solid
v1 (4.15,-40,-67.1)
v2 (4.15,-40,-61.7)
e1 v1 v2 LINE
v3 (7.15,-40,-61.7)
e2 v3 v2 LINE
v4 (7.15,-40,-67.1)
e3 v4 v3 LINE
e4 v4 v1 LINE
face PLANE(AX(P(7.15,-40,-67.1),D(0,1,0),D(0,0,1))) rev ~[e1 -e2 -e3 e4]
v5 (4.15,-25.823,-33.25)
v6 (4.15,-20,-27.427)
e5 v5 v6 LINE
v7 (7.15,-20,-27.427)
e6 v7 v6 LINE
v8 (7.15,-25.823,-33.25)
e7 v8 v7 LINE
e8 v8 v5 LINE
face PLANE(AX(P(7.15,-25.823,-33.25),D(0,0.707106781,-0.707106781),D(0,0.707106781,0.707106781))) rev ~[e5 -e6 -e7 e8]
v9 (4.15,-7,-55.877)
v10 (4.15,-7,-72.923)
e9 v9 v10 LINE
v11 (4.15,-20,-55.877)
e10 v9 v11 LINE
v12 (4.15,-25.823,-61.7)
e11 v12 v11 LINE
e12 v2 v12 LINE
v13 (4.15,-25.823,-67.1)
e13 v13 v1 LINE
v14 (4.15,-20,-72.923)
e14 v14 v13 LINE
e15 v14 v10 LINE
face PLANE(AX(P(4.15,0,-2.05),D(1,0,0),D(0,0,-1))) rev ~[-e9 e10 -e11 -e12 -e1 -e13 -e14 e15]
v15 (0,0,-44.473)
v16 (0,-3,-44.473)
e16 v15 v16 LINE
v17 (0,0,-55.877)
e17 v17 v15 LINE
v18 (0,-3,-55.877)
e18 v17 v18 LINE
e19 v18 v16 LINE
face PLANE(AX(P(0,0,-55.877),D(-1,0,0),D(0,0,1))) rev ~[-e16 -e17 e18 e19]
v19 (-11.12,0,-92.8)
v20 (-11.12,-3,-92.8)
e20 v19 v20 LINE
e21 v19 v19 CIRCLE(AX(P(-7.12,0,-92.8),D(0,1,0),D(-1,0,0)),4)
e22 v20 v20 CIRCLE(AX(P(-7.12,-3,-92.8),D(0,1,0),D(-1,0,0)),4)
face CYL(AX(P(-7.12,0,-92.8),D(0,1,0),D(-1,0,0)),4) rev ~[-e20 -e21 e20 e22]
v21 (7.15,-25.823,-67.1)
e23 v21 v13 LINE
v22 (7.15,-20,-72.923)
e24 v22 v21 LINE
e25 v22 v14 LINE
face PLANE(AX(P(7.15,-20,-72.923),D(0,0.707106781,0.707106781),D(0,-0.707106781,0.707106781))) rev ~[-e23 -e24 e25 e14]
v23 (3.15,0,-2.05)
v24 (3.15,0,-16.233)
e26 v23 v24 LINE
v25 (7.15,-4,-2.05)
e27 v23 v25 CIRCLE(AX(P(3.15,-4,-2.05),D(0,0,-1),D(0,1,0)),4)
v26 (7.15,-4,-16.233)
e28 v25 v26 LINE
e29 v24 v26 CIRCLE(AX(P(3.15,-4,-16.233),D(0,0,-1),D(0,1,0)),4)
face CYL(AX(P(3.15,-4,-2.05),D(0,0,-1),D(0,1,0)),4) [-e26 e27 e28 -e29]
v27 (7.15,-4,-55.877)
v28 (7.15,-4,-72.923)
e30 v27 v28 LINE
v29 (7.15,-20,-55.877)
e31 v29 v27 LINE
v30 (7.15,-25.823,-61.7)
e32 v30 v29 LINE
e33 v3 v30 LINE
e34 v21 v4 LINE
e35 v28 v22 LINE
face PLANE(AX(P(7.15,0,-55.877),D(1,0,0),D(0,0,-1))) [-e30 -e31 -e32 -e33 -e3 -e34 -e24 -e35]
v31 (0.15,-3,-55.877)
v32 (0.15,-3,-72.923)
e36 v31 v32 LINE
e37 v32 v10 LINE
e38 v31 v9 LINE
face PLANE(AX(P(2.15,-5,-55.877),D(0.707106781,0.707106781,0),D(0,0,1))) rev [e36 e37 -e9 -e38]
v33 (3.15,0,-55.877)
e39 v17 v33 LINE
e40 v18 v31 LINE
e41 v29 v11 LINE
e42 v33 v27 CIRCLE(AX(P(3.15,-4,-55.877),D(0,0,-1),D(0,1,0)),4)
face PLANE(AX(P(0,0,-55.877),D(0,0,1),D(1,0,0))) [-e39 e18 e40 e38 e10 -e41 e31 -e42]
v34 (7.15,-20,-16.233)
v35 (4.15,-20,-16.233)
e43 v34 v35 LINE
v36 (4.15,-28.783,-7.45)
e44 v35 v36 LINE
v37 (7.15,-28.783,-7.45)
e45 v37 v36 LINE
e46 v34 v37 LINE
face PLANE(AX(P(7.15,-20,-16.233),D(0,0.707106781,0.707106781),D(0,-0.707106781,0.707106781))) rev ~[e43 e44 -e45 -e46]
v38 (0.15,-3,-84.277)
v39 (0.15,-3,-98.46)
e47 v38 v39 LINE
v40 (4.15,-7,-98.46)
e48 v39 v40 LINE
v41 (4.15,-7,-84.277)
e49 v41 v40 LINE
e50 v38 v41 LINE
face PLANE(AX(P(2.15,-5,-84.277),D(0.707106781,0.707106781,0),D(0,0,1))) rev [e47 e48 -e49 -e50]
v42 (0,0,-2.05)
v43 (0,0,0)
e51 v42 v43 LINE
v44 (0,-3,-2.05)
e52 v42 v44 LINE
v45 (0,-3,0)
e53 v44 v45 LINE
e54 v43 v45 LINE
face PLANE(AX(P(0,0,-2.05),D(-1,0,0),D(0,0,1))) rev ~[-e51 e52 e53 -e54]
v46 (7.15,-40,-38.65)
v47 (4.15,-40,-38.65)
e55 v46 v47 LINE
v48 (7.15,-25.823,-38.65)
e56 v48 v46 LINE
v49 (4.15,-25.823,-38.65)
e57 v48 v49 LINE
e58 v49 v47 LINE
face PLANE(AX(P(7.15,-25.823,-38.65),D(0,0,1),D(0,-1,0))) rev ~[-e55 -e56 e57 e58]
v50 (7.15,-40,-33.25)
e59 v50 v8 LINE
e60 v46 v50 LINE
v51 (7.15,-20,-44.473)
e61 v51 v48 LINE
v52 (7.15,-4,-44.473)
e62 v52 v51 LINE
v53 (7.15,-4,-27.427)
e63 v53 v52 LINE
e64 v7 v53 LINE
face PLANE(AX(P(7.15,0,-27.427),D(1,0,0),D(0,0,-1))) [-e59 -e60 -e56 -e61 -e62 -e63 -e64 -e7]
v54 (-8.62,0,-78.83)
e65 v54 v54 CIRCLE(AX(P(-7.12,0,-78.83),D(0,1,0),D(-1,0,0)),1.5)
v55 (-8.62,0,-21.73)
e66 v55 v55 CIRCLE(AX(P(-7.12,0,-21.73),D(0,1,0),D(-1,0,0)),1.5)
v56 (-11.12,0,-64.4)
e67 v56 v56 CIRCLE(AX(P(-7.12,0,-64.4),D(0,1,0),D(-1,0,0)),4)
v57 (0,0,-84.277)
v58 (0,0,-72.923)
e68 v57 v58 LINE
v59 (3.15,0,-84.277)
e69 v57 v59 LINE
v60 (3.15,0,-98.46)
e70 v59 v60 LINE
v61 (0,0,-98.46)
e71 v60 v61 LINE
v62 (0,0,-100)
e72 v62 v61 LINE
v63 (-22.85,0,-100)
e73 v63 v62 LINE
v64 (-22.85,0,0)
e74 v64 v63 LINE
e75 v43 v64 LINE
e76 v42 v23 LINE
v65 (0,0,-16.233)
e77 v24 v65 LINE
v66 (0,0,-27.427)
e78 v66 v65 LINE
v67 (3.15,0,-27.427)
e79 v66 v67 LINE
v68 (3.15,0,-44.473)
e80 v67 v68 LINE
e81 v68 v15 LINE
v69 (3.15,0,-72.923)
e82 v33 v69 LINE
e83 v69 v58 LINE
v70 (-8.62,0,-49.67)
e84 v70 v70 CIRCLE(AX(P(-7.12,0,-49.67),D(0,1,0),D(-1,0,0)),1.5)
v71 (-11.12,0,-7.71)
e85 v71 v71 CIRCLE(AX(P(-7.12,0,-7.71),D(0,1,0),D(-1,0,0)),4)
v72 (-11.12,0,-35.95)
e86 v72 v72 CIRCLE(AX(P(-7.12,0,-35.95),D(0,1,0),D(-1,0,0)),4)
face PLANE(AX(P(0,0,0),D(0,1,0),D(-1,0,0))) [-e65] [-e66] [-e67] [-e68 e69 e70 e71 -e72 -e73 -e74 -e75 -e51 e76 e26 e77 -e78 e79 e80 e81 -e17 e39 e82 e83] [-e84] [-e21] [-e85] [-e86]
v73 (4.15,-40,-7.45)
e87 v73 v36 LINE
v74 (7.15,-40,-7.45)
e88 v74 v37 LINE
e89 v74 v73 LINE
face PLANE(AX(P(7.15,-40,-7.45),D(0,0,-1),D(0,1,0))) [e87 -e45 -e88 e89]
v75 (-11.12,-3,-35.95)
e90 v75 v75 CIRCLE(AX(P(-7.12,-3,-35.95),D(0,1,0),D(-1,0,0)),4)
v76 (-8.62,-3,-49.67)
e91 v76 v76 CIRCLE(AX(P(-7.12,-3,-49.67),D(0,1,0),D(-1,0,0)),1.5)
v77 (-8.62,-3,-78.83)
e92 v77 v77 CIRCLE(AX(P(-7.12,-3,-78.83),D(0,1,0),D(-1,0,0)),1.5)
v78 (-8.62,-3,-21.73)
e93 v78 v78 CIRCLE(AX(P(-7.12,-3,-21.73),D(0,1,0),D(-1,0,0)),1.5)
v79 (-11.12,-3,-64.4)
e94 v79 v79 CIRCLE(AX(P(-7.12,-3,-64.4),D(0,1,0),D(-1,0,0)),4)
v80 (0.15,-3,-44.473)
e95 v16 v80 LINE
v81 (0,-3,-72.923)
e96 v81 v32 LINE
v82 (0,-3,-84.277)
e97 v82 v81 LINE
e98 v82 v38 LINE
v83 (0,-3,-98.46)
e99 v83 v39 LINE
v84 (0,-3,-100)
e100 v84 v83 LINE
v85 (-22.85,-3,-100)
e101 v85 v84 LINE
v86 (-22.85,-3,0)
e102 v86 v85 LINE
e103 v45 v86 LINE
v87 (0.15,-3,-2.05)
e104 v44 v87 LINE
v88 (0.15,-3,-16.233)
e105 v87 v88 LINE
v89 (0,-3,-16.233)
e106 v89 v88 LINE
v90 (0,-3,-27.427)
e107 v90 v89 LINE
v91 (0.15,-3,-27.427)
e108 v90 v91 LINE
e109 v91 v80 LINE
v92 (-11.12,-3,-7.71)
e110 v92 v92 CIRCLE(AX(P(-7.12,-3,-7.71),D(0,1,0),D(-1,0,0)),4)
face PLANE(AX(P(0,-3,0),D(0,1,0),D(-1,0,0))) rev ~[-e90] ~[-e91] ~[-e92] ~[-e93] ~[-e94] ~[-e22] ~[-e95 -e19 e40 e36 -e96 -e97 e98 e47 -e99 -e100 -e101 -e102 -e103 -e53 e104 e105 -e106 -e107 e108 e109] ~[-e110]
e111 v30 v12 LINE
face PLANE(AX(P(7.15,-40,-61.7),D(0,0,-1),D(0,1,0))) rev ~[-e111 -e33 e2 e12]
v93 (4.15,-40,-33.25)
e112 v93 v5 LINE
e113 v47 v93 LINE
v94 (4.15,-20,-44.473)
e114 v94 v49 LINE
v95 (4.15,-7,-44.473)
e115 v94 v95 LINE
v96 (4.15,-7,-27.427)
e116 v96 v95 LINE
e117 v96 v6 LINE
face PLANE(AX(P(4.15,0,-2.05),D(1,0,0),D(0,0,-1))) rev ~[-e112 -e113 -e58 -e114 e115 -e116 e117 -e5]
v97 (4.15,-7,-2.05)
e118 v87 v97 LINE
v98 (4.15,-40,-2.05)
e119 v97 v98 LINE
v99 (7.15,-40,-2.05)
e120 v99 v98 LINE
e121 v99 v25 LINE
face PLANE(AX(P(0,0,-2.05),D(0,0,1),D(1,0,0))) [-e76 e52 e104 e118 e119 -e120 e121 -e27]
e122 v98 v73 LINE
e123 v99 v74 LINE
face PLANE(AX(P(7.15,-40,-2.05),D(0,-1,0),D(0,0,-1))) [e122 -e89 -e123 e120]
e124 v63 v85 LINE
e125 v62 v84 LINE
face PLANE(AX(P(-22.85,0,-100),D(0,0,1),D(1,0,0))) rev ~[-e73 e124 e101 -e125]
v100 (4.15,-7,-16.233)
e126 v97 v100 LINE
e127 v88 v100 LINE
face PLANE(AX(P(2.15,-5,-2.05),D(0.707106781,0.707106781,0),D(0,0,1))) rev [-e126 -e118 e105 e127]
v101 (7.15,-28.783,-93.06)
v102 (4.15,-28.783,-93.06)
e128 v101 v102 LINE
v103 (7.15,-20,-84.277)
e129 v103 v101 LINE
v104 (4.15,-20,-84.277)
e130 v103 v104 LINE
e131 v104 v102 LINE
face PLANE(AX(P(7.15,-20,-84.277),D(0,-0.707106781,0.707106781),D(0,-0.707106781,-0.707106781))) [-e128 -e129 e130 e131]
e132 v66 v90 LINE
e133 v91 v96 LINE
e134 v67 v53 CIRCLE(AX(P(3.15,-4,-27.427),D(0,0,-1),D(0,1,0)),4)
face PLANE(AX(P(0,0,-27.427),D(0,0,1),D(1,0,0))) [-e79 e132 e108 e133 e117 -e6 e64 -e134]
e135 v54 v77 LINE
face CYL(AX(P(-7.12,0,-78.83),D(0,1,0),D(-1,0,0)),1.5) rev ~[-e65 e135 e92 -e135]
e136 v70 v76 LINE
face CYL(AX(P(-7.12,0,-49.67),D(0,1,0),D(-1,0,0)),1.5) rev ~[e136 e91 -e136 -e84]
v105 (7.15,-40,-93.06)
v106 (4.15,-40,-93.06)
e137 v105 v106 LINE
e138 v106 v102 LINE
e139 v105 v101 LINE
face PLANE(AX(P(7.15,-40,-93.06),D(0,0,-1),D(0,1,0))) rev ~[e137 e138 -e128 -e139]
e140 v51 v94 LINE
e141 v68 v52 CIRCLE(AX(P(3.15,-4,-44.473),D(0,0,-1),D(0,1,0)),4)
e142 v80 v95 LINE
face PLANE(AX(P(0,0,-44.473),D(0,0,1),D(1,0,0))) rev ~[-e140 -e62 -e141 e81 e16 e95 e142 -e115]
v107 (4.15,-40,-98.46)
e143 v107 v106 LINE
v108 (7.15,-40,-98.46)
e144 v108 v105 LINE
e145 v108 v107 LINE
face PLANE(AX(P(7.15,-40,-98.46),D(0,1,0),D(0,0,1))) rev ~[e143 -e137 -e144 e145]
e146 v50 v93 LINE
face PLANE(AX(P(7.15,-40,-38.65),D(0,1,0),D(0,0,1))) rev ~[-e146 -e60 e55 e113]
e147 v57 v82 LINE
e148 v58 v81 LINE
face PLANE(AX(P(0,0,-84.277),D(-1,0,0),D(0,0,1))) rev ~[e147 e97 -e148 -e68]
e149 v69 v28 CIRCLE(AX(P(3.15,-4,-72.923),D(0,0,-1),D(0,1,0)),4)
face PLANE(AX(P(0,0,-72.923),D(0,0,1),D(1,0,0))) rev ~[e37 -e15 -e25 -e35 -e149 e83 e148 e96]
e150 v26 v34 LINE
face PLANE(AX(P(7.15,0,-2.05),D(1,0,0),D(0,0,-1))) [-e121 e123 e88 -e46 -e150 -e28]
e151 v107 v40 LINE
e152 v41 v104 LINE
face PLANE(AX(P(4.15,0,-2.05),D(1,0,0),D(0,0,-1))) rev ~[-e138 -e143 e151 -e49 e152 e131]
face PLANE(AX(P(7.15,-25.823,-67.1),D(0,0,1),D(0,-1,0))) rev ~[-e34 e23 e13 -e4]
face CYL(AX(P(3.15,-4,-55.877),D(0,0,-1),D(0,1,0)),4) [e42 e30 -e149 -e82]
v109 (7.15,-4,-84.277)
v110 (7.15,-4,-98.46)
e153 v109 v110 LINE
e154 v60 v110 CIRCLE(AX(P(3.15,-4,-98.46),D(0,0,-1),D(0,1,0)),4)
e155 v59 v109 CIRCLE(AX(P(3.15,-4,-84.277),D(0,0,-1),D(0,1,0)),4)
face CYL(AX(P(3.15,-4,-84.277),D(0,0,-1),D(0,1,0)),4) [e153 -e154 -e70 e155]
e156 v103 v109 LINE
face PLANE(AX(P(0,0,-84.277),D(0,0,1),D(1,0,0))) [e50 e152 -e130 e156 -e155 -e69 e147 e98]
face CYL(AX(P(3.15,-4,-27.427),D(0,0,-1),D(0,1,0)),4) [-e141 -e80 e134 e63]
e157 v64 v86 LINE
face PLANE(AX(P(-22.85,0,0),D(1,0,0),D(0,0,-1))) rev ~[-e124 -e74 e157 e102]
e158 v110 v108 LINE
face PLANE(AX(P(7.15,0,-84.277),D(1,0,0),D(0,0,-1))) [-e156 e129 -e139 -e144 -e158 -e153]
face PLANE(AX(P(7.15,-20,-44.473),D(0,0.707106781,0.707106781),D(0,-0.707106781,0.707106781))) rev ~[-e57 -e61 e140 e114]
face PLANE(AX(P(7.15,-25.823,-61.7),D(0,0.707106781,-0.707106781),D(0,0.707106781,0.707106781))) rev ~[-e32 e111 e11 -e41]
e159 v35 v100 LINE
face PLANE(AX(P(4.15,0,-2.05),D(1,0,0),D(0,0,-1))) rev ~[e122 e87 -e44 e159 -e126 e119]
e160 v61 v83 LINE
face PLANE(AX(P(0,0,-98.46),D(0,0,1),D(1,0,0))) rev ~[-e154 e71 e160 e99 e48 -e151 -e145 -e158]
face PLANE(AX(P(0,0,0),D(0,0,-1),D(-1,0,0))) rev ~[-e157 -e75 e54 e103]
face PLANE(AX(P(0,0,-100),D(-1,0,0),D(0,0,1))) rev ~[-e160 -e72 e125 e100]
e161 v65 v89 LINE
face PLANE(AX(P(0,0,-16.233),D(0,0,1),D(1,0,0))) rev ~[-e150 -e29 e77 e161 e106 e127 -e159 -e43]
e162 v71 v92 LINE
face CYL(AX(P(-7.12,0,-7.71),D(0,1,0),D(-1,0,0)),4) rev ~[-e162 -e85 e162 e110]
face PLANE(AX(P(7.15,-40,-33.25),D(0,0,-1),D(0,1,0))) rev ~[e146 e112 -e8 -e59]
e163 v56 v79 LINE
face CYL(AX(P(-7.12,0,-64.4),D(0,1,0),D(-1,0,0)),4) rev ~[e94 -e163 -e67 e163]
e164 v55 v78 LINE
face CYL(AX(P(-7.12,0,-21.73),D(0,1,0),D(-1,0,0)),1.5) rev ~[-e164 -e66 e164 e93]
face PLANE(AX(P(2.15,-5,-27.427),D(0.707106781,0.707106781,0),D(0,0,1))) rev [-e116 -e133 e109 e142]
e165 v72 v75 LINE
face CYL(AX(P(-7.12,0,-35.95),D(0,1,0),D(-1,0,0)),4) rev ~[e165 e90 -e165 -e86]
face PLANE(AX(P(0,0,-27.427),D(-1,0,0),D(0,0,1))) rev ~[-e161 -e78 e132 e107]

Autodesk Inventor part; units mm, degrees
ref_plane "YZ Plane" through (0, 0, 0) normal (1, 0, 0) x (0, 1, 0)
sketch "Sketch1" plane through (0, 0, 0) normal (0, 1, 0) x (-1, 0, 0)
  line L0 (0, 0) -> (22.85, 0)
  line L1 (22.85, 0) -> (22.85, -100)
  line L2 (22.85, -100) -> (0, -100)
  line L3 (0, -100) -> (0, 0)
  circle A0 centre (7.12, -92.8) radius 4
  circle A1 centre (7.12, -64.4) radius 4
  circle A2 centre (7.12, -35.95) radius 4
  circle A3 centre (7.12, -7.71) radius 4
  circle A4 centre (7.12, -21.73) radius 1.5
  circle A5 centre (7.12, -49.67) radius 1.5
  circle A6 centre (7.12, -78.83) radius 1.5
  line L4 (7.12, -7.71) -> (-9.9799, -7.71) construction
  line L5 (7.12, -35.95) -> (-7.15, -35.95) construction
  line L6 (7.12, -64.4) -> (-7.15, -64.4) construction
  line L7 (7.12, -92.8) -> (-7.15, -92.8) construction
  line L8 (0, -27.427) -> (-7.15, -27.427)
  line L9 (0, -44.473) -> (-7.15, -44.473)
  line L10 (0, -55.877) -> (-7.15, -55.877)
  line L11 (0, -72.923) -> (-7.15, -72.923)
  line L12 (0, -84.277) -> (-7.15, -84.277)
  line L13 (0, -98.46) -> (-7.15, -98.46)
  line L14 (0, -2.05) -> (-7.15, -2.05)
  line L15 (0, -16.233) -> (-7.15, -16.233)
  line L16 (-7.15, -2.05) -> (-7.15, -16.233)
  line L17 (-7.15, -27.427) -> (-7.15, -44.473)
  line L18 (-7.15, -55.877) -> (-7.15, -72.923)
  line L19 (-7.15, -84.277) -> (-7.15, -98.46)
  line L20 (-7.15, 0) -> (-7.15, -100) construction
  dimension "d0" = 22.85
  dimension "d1" = 100
  dimension "d2" = 8
  dimension "d3" = 8
  dimension "d4" = 8
  dimension "d5" = 8
  dimension "d7" = 0
  dimension "d8" = 0
  dimension "d9" = 0
  dimension "d10" = 7.71
  dimension "d11" = 35.95
  dimension "d12" = 64.4
  dimension "d13" = 92.8
  dimension "d14" = 3
  dimension "d15" = 3
  dimension "d16" = 3
  dimension "d17" = 7.12
  dimension "d18" = 7.12
  dimension "d19" = 0
  dimension "d20" = 0
  dimension "d21" = 21.73
  dimension "d22" = 49.67
  dimension "d23" = 78.83
  dimension "d28" = 8.523
  dimension "d29" = 8.523
  dimension "d30" = 8.523
  dimension "d31" = 8.523
  dimension "d32" = 8.523
  dimension "d33" = 5.66
  dimension "d34" = 5.66
  dimension "d35" = 8.523
  dimension "d36" = 100
  dimension "d42" = 7.15
extrude "Extrusion1" add sketch "Sketch1" against normal blind 3
ref_plane "Work Plane2" through (7.15, 0, -16.233) normal (1, 0, 0) x (0, 0, -1)
ref_plane "Work Plane3" through (7.15, 0, -2.05) normal (1, 0, 0) x (0, 0, -1)
sketch "Sketch3" plane through (7.15, 0, -2.05) normal (1, 0, 0) x (0, 0, -1)
  line L0 (0, 0) -> (14.183, 0) projected
  line L1 (14.183, -3) -> (0, -3) projected
  line L2 (14.183, 0) -> (14.183, -3) projected
  line L3 (0, 0) -> (0, -3) projected
  line L4 (25.377, 0) -> (42.423, 0) projected
  line L5 (25.377, 0) -> (25.377, -3) projected
  line L6 (42.423, -3) -> (25.377, -3) projected
  line L7 (42.423, 0) -> (42.423, -3) projected
  line L8 (53.827, 0) -> (70.873, 0) projected
  line L9 (53.827, 0) -> (53.827, -3) projected
  line L10 (70.873, -3) -> (53.827, -3) projected
  line L11 (70.873, 0) -> (70.873, -3) projected
  line L12 (82.227, 0) -> (96.41, 0) projected
  line L13 (82.227, 0) -> (82.227, -3) projected
  line L14 (96.41, -3) -> (82.227, -3) projected
  line L15 (96.41, 0) -> (96.41, -3) projected
  line L16 (0, 0) -> (0, -40)
  line L17 (0, -40) -> (5.4, -40)
  line L18 (14.183, 0) -> (14.183, -20)
  line L19 (5.4, -40) -> (5.4, -28.783)
  line L20 (14.183, -20) -> (5.4, -28.783)
  line L21 (96.41, 0) -> (96.41, -40)
  line L22 (96.41, -40) -> (91.01, -40)
  line L23 (82.227, 0) -> (82.227, -20)
  line L24 (91.01, -40) -> (91.01, -28.783)
  line L25 (82.227, -20) -> (91.01, -28.783)
  line L26 (70.873, 0) -> (70.873, -20)
  line L27 (53.827, 0) -> (53.827, -20)
  line L28 (70.873, -20) -> (65.05, -25.823)
  line L29 (65.05, -25.823) -> (65.05, -40)
  line L30 (65.05, -40) -> (59.65, -40)
  line L31 (59.65, -40) -> (59.65, -25.823)
  line L32 (59.65, -25.823) -> (53.827, -20)
  line L33 (62.35, -40) -> (62.35, 0) construction
  line L34 (53.827, 0) -> (70.873, 0) projected
  line L35 (42.423, 0) -> (42.423, -20)
  line L36 (25.377, 0) -> (25.377, -20)
  line L37 (42.423, -20) -> (36.6, -25.823)
  line L38 (36.6, -25.823) -> (36.6, -40)
  line L39 (36.6, -40) -> (31.2, -40)
  line L40 (31.2, -40) -> (31.2, -25.823)
  line L41 (31.2, -25.823) -> (25.377, -20)
  line L42 (33.9, -40) -> (33.9, 0) construction
  point P0 (82.227, -3)
  dimension "d46" = 40
  dimension "d47" = 5.4
  dimension "d48" = 20
  dimension "d51" = 135
  dimension "d56" = 135
  dimension "d57" = 5.4
  dimension "d58" = 40
  dimension "d59" = 20
  dimension "d61" = 20
  dimension "d62" = 135
  dimension "d63" = 135
  dimension "d64" = 5.4
  dimension "d66" = 20
  dimension "d67" = 20
  dimension "d68" = 135
  dimension "d69" = 135
  dimension "d70" = 5.4
  dimension "d71" = 20
extrude "Extrusion2" add sketch "Sketch3" against normal blind 3
fillet "Fillet1" radius 4 4 edges at (7.15, 0, -9.1415) (7.15, 0, -35.95) (7.15, 0, -64.4) (7.15, 0, -91.3685)
chamfer "Chamfer1" distance 4 angle 45 4 edges at (4.15, -3, -9.1415) (4.15, -3, -35.95) (4.15, -3, -64.4) (4.15, -3, -91.3685)
equation "\"d18\" = d17"
equation "\"d57\" = d47"
equation "\"d58\" = d46"
equation "\"d59\" = d48"
properties part number "suporte 555"
